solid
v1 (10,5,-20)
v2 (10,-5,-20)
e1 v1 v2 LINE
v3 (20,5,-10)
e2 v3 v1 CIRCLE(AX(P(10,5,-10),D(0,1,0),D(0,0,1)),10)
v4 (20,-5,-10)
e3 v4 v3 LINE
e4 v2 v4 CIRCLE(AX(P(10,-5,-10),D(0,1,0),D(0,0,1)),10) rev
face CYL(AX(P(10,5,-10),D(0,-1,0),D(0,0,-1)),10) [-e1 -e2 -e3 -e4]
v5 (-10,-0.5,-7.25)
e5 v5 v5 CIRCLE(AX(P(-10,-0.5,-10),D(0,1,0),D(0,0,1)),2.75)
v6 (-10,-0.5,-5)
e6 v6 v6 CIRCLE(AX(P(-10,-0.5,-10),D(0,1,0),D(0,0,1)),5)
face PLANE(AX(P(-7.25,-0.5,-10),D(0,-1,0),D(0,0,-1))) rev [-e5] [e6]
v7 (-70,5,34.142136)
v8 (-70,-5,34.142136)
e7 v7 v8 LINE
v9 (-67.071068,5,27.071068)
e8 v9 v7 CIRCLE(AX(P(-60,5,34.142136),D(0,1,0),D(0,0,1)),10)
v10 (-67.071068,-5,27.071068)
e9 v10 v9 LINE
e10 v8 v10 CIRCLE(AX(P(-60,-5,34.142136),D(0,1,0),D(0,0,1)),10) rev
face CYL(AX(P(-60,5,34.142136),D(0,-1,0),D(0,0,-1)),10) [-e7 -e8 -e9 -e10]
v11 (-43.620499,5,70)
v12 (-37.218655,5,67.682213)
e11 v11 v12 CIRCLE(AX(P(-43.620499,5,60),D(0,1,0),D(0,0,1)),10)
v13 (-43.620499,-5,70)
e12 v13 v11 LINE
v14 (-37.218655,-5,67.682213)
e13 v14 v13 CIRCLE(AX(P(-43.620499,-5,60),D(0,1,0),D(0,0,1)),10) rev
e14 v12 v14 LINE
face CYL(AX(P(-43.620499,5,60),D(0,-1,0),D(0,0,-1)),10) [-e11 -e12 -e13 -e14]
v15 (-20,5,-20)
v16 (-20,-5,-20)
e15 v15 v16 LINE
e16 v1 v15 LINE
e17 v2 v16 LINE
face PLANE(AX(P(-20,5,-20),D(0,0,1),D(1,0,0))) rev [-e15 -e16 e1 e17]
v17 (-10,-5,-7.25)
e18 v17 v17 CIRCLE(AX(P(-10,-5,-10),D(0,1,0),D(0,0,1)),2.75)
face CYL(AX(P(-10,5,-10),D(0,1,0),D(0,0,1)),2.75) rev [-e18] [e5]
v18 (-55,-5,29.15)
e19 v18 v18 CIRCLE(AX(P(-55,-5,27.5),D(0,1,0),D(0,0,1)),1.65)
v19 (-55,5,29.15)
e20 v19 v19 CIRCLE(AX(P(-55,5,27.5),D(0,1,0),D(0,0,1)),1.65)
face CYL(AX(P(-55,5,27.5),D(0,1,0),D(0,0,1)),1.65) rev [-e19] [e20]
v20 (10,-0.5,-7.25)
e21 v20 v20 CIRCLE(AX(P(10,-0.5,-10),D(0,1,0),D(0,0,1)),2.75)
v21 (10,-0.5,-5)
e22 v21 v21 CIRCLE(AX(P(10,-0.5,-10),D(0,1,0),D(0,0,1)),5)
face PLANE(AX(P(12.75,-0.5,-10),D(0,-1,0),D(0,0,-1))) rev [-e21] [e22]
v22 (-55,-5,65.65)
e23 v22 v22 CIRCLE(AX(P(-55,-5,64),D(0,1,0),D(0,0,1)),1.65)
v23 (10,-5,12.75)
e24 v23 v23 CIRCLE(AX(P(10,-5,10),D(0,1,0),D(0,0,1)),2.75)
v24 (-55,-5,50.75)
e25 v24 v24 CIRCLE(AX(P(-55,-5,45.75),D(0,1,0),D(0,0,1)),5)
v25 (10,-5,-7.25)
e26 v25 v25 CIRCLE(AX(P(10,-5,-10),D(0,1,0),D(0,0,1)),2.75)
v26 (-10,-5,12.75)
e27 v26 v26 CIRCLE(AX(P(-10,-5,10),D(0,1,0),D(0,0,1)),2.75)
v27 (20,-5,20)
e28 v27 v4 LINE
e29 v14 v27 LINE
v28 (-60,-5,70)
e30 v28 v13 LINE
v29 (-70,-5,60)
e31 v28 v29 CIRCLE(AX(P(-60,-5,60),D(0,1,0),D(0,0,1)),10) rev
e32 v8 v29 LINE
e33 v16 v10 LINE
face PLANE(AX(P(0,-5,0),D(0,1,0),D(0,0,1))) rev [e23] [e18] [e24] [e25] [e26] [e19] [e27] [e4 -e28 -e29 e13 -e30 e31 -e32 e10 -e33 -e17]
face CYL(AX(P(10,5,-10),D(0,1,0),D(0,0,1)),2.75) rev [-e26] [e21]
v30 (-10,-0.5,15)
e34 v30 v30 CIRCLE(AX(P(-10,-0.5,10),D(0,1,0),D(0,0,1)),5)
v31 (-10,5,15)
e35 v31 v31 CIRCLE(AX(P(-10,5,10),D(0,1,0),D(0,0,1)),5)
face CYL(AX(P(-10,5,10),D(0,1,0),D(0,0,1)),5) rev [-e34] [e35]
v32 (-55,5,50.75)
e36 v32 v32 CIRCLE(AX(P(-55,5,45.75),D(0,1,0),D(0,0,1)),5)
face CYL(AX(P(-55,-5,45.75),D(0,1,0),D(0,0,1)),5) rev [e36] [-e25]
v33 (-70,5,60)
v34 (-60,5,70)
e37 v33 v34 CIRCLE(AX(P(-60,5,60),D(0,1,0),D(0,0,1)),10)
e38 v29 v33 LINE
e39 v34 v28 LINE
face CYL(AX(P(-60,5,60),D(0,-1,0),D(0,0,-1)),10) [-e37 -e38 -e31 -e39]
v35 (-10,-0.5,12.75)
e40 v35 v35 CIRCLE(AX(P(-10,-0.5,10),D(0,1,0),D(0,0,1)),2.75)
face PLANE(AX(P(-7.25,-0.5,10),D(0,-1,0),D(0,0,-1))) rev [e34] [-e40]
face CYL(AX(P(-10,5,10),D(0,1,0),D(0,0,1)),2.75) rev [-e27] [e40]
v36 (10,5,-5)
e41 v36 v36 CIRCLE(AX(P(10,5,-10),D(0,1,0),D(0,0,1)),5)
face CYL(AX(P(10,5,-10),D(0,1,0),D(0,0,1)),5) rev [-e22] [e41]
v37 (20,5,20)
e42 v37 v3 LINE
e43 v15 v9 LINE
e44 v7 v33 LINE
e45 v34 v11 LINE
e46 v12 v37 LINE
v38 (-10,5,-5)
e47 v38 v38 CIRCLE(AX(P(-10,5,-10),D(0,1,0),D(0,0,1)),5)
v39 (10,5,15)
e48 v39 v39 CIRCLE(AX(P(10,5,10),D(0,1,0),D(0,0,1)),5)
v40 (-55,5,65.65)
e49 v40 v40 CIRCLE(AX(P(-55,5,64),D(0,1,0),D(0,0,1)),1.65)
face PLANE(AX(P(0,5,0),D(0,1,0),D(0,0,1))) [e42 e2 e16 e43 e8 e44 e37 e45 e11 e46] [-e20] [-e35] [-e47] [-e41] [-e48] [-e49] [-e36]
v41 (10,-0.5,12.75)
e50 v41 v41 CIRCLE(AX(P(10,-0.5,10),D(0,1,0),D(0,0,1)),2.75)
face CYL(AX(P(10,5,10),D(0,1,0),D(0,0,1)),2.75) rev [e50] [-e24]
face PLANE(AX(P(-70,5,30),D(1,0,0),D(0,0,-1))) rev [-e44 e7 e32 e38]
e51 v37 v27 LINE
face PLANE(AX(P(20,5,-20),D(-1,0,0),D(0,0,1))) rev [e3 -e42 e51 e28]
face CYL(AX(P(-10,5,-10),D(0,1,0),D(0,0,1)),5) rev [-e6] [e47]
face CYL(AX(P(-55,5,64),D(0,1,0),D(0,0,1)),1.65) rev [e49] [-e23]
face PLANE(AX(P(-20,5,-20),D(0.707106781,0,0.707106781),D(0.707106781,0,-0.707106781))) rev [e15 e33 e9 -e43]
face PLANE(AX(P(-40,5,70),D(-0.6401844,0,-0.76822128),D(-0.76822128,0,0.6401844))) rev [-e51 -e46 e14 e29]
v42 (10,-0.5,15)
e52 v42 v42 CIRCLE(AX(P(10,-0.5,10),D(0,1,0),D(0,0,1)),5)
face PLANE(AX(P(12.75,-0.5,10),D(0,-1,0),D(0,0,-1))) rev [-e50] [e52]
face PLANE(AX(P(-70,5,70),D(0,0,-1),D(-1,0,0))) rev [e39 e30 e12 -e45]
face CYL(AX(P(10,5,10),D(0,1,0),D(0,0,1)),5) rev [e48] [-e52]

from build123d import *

# Parameters (mm, degrees)
BOSS_EXTRUDE1_DEPTH                                 = 5
CBORE_FOR_M5_HEX_SOCKET_HEAD_CAP_SCREW2_D           = 5.5
CBORE_FOR_M5_HEX_SOCKET_HEAD_CAP_SCREW2_CBORE_D     = 10
CBORE_FOR_M5_HEX_SOCKET_HEAD_CAP_SCREW2_CBORE_DEPTH = 5.5
M4_TAPPED_HOLE1_D                                   = 3.3
SKETCH8_R                                           = 5
CUT_EXTRUDE3_DEPTH                                  = 100.498743711
FILLET1_R                                           = 10


with BuildPart() as part:
    # Sketch1 → Boss-Extrude1 (new, symmetric)
    with BuildSketch(Plane(origin=(0, 0, 0), x_dir=(1, 0, 0), z_dir=(0, 1, 0))):
        Polygon((-20, 20), (20, 20), (20, -20), (-40, -70), (-70, -70), (-70, -30), align=None)
    extrude(amount=BOSS_EXTRUDE1_DEPTH, both=True)

    # CBORE for M5 Hex Socket Head Cap Screw2 (through all)
    with Locations(Plane(origin=(0, 5, 0), x_dir=(1, 0, 0), z_dir=(0, 1, 0))):
        with Locations((-10, 10), (10, 10), (10, -10), (-10, -10)):
            CounterBoreHole(CBORE_FOR_M5_HEX_SOCKET_HEAD_CAP_SCREW2_D / 2, CBORE_FOR_M5_HEX_SOCKET_HEAD_CAP_SCREW2_CBORE_D / 2, CBORE_FOR_M5_HEX_SOCKET_HEAD_CAP_SCREW2_CBORE_DEPTH)

    # M4 Tapped Hole1 (through all)
    with Locations(Plane(origin=(0, 5, 0), x_dir=(1, 0, 0), z_dir=(0, 1, 0))):
        with Locations((-55, -27.5), (-55, -64)):
            Hole(M4_TAPPED_HOLE1_D / 2)

    # Sketch8 → Cut-Extrude3 (cut, through all)
    with BuildSketch(Plane(origin=(0, 5, 0), x_dir=(1, 0, 0), z_dir=(0, 1, 0))):
        with Locations(Location((-55, -45.75, 0), (0, 0, 270))):
            Circle(SKETCH8_R)
    extrude(amount=-CUT_EXTRUDE3_DEPTH, mode=Mode.SUBTRACT)

    # Fillet1
    fillet1_edges = [part.edges().sort_by_distance(p)[0] for p in [
        (20, 0, -20),
        (-40, 0, 70),
        (-70, 0, 70),
        (-70, 0, 30),
    ]]
    fillet(fillet1_edges, radius=FILLET1_R)


solid = part.part
